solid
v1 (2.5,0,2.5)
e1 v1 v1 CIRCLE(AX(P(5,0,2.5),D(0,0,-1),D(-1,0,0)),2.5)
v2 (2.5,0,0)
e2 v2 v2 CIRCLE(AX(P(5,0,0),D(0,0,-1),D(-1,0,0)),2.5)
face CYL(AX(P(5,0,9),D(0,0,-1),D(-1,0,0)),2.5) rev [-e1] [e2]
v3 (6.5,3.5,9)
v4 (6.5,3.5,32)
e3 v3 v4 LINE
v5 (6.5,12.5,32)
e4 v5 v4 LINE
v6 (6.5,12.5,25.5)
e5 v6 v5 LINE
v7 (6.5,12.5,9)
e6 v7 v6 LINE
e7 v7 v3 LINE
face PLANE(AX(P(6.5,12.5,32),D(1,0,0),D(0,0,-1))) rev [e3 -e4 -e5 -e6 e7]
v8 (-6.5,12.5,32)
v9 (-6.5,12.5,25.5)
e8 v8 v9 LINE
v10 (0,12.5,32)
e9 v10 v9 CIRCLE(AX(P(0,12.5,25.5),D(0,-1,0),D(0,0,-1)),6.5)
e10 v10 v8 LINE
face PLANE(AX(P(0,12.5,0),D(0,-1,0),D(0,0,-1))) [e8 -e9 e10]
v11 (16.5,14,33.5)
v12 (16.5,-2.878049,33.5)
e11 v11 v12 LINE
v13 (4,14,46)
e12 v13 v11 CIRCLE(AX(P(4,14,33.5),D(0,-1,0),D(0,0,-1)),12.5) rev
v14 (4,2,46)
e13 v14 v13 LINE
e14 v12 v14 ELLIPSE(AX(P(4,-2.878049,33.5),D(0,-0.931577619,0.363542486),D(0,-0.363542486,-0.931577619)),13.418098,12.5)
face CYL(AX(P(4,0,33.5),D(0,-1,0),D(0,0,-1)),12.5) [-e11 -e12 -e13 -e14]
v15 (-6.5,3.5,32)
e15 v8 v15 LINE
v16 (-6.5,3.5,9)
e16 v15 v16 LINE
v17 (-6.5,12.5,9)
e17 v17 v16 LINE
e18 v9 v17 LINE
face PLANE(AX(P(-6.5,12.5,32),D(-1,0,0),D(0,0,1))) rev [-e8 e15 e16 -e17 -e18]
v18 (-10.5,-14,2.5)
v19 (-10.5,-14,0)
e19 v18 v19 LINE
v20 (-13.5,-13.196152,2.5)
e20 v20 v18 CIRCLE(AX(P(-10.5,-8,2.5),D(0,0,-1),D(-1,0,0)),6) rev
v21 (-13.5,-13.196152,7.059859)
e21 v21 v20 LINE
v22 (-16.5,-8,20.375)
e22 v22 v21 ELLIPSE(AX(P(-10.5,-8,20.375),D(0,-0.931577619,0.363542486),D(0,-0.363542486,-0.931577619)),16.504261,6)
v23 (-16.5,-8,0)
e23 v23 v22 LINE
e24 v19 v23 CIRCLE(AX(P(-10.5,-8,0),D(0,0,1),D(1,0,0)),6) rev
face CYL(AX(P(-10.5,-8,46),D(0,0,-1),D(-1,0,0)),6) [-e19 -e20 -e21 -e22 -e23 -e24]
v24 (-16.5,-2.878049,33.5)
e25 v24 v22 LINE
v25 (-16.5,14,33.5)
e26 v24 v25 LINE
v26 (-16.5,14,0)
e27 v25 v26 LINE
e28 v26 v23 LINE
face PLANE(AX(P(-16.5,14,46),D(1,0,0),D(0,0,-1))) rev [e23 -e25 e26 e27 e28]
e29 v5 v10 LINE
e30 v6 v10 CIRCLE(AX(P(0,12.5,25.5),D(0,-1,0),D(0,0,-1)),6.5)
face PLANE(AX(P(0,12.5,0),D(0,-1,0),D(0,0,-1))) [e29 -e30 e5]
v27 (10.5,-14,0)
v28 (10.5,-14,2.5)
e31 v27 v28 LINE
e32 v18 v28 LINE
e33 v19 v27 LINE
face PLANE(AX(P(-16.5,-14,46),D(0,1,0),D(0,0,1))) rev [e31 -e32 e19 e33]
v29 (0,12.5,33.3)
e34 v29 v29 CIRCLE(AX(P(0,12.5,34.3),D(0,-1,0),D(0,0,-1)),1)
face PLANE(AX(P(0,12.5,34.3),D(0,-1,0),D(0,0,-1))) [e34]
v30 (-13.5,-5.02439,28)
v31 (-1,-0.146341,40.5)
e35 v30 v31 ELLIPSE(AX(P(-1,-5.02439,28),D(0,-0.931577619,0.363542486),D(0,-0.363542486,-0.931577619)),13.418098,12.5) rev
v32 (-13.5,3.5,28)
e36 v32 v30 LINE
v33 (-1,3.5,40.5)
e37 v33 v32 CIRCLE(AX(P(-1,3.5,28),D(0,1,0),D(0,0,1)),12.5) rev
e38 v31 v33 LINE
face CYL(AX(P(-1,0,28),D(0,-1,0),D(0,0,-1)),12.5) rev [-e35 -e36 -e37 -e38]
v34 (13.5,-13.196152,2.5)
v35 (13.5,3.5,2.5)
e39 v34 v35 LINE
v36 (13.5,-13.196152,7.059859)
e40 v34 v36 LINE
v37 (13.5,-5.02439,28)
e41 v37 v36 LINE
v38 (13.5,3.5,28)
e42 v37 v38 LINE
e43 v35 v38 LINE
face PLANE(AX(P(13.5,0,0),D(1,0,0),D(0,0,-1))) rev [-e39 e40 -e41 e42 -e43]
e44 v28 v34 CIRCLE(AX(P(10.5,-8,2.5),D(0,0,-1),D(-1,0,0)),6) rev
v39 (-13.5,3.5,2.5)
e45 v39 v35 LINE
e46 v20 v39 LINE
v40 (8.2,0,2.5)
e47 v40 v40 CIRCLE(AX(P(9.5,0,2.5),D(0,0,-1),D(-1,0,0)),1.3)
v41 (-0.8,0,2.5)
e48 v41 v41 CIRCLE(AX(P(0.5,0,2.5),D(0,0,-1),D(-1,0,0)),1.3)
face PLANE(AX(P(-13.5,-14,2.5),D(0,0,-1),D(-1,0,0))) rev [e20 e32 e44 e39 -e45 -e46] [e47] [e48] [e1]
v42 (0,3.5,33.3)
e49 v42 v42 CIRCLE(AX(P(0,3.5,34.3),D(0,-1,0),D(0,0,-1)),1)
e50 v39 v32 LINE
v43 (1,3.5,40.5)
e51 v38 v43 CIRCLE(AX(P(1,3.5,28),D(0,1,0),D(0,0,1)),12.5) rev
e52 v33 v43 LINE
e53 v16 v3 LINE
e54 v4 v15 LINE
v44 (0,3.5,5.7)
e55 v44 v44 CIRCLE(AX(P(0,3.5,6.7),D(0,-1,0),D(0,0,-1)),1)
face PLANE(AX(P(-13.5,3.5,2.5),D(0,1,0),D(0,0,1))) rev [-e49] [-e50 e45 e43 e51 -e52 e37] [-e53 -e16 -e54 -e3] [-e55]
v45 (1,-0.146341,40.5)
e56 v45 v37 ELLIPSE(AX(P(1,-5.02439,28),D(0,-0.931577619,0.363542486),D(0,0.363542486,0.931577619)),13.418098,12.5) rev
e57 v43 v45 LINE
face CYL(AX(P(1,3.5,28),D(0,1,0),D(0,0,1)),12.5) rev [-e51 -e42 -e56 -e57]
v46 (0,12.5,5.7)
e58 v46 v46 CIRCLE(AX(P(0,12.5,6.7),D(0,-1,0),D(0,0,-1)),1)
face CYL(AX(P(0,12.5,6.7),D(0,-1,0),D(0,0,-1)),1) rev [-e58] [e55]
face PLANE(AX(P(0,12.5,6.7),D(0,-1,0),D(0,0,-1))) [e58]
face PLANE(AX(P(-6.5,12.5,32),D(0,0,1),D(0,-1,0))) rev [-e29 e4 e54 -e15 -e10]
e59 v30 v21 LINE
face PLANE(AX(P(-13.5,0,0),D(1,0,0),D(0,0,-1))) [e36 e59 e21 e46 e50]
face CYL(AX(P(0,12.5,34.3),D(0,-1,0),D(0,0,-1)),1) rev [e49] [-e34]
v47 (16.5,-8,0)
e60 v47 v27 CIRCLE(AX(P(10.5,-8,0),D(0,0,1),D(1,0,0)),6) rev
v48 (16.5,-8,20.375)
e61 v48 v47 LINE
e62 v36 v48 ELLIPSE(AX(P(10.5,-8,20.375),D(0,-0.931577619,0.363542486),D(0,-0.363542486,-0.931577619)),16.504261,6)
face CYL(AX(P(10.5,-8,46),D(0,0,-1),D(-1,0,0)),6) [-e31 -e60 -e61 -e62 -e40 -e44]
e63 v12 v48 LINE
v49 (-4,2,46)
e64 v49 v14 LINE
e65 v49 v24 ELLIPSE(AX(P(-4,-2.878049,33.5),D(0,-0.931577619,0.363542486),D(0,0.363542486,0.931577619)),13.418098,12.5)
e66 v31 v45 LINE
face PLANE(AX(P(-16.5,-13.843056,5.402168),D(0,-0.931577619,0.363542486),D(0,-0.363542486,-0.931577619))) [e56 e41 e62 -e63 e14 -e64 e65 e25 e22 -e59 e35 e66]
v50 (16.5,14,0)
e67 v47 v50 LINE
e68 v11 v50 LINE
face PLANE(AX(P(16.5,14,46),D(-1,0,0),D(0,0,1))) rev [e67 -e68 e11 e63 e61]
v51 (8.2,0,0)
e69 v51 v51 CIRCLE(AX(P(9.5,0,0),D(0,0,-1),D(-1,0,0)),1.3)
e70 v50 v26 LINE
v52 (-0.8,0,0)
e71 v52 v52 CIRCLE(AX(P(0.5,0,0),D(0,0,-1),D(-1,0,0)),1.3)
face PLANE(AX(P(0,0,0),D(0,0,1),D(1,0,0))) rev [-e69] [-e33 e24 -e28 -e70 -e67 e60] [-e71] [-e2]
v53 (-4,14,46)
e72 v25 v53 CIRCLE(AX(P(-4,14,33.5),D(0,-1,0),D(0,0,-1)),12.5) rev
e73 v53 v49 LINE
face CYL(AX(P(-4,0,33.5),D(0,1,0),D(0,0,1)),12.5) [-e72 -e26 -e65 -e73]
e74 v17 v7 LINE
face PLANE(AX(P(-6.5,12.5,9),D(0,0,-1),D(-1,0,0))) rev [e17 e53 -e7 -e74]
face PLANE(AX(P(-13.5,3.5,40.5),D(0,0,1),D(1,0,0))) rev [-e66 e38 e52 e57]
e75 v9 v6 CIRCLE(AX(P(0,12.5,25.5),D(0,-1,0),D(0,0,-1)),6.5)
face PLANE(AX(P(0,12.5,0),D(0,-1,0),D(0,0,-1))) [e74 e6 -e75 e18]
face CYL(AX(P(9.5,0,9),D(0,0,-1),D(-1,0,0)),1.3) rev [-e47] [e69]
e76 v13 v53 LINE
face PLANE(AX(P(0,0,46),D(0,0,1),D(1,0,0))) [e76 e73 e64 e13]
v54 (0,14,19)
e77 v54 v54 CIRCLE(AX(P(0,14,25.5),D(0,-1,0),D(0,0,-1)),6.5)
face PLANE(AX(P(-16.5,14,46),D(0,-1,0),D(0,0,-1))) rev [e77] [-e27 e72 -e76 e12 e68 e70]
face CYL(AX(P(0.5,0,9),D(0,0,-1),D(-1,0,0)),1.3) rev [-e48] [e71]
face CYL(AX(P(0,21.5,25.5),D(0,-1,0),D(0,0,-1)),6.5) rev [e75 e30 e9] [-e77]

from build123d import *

# Parameters (mm, degrees)
SKETCH2_W           = 33
SKETCH2_H           = 28
BOSS_EXTRUDE1_DEPTH = 46
CUT_EXTRUDE2_DEPTH  = 59.318093247
CUT_EXTRUDE4_START  = -3
CUT_EXTRUDE4_DEPTH  = 27
FILLET2_R           = 12.5
FILLET3_R           = 12.5
FILLET4_R           = 6
SKETCH7_W           = 13
SKETCH7_H           = 23
CUT_EXTRUDE5_DEPTH  = 9
SKETCH8_R           = 6.5
CUT_EXTRUDE6_DEPTH  = 9
SKETCH9_R           = 1
CUT_EXTRUDE7_DEPTH  = 9
SKETCH10_R          = 2.5
SKETCH10_R_2        = 1.3
CUT_EXTRUDE8_DEPTH  = 9


with BuildPart() as part:
    # Sketch2 → Boss-Extrude1 (new body)
    with BuildSketch(Plane.XY):
        Rectangle(SKETCH2_W, SKETCH2_H)
    extrude(amount=BOSS_EXTRUDE1_DEPTH)

    # Sketch5 → Cut-Extrude2 (cut, through all)
    with BuildSketch(Plane(origin=(16.5, 0, 0), x_dir=(0, 0, -1), z_dir=(1, 0, 0))):
        Polygon((-5, -14), (-46, 2), (-46, -14), align=None)
    extrude(amount=-CUT_EXTRUDE2_DEPTH, mode=Mode.SUBTRACT)

    # Sketch6 → Cut-Extrude4 (cut)
    with BuildSketch(Plane(origin=(16.5, 0, 0), x_dir=(0, 0, -1), z_dir=(1, 0, 0)).offset(CUT_EXTRUDE4_START)):
        Polygon((-5, -14), (-2.5, -14), (-2.5, 3.5), (-40.5, 3.5), (-40.5, -0.146341463), align=None)
    extrude(amount=-CUT_EXTRUDE4_DEPTH, mode=Mode.SUBTRACT)

    # Fillet2
    fillet2_edges = [part.edges().sort_by_distance(p)[0] for p in [
        (-13.5, 1.676829268, 40.5),
        (13.5, 1.676829268, 40.5),
    ]]
    fillet(fillet2_edges, radius=FILLET2_R)

    # Fillet3
    fillet3_edges = [part.edges().sort_by_distance(p)[0] for p in [
        (16.5, 8, 46),
        (-16.5, 8, 46),
    ]]
    fillet(fillet3_edges, radius=FILLET3_R)

    # Fillet4
    fillet4_edges = [part.edges().sort_by_distance(p)[0] for p in [
        (-16.5, -14, 2.5),
        (16.5, -14, 2.5),
    ]]
    fillet(fillet4_edges, radius=FILLET4_R)

    # Sketch7 → Cut-Extrude5 (cut)
    with BuildSketch(Plane.XZ.offset(-3.5)):
        with Locations((0, 20.5)):
            Rectangle(SKETCH7_W, SKETCH7_H)
    extrude(amount=-CUT_EXTRUDE5_DEPTH, mode=Mode.SUBTRACT)

    # Sketch8 → Cut-Extrude6 (cut)
    with BuildSketch(Plane.XZ.offset(-12.5)):
        with Locations((0, 25.5)):
            Circle(SKETCH8_R)
    extrude(amount=-CUT_EXTRUDE6_DEPTH, mode=Mode.SUBTRACT)

    # Sketch9 → Cut-Extrude7 (cut)
    with BuildSketch(Plane.XZ.offset(-3.5)):
        with Locations((0, 34.3)):
            Circle(SKETCH9_R)
        with Locations((0, 6.7)):
            Circle(SKETCH9_R)
    extrude(amount=-CUT_EXTRUDE7_DEPTH, mode=Mode.SUBTRACT)

    # Sketch10 → Cut-Extrude8 (cut)
    with BuildSketch(Plane(origin=(0, 0, 0), x_dir=(-1, 0, 0), z_dir=(0, 0, -1))):
        with Locations((-5, 0)):
            Circle(SKETCH10_R)
        with Locations((-0.5, 0)):
            Circle(SKETCH10_R_2)
        with Locations((-9.5, 0)):
            Circle(SKETCH10_R_2)
    extrude(amount=-CUT_EXTRUDE8_DEPTH, mode=Mode.SUBTRACT)


solid = part.part
